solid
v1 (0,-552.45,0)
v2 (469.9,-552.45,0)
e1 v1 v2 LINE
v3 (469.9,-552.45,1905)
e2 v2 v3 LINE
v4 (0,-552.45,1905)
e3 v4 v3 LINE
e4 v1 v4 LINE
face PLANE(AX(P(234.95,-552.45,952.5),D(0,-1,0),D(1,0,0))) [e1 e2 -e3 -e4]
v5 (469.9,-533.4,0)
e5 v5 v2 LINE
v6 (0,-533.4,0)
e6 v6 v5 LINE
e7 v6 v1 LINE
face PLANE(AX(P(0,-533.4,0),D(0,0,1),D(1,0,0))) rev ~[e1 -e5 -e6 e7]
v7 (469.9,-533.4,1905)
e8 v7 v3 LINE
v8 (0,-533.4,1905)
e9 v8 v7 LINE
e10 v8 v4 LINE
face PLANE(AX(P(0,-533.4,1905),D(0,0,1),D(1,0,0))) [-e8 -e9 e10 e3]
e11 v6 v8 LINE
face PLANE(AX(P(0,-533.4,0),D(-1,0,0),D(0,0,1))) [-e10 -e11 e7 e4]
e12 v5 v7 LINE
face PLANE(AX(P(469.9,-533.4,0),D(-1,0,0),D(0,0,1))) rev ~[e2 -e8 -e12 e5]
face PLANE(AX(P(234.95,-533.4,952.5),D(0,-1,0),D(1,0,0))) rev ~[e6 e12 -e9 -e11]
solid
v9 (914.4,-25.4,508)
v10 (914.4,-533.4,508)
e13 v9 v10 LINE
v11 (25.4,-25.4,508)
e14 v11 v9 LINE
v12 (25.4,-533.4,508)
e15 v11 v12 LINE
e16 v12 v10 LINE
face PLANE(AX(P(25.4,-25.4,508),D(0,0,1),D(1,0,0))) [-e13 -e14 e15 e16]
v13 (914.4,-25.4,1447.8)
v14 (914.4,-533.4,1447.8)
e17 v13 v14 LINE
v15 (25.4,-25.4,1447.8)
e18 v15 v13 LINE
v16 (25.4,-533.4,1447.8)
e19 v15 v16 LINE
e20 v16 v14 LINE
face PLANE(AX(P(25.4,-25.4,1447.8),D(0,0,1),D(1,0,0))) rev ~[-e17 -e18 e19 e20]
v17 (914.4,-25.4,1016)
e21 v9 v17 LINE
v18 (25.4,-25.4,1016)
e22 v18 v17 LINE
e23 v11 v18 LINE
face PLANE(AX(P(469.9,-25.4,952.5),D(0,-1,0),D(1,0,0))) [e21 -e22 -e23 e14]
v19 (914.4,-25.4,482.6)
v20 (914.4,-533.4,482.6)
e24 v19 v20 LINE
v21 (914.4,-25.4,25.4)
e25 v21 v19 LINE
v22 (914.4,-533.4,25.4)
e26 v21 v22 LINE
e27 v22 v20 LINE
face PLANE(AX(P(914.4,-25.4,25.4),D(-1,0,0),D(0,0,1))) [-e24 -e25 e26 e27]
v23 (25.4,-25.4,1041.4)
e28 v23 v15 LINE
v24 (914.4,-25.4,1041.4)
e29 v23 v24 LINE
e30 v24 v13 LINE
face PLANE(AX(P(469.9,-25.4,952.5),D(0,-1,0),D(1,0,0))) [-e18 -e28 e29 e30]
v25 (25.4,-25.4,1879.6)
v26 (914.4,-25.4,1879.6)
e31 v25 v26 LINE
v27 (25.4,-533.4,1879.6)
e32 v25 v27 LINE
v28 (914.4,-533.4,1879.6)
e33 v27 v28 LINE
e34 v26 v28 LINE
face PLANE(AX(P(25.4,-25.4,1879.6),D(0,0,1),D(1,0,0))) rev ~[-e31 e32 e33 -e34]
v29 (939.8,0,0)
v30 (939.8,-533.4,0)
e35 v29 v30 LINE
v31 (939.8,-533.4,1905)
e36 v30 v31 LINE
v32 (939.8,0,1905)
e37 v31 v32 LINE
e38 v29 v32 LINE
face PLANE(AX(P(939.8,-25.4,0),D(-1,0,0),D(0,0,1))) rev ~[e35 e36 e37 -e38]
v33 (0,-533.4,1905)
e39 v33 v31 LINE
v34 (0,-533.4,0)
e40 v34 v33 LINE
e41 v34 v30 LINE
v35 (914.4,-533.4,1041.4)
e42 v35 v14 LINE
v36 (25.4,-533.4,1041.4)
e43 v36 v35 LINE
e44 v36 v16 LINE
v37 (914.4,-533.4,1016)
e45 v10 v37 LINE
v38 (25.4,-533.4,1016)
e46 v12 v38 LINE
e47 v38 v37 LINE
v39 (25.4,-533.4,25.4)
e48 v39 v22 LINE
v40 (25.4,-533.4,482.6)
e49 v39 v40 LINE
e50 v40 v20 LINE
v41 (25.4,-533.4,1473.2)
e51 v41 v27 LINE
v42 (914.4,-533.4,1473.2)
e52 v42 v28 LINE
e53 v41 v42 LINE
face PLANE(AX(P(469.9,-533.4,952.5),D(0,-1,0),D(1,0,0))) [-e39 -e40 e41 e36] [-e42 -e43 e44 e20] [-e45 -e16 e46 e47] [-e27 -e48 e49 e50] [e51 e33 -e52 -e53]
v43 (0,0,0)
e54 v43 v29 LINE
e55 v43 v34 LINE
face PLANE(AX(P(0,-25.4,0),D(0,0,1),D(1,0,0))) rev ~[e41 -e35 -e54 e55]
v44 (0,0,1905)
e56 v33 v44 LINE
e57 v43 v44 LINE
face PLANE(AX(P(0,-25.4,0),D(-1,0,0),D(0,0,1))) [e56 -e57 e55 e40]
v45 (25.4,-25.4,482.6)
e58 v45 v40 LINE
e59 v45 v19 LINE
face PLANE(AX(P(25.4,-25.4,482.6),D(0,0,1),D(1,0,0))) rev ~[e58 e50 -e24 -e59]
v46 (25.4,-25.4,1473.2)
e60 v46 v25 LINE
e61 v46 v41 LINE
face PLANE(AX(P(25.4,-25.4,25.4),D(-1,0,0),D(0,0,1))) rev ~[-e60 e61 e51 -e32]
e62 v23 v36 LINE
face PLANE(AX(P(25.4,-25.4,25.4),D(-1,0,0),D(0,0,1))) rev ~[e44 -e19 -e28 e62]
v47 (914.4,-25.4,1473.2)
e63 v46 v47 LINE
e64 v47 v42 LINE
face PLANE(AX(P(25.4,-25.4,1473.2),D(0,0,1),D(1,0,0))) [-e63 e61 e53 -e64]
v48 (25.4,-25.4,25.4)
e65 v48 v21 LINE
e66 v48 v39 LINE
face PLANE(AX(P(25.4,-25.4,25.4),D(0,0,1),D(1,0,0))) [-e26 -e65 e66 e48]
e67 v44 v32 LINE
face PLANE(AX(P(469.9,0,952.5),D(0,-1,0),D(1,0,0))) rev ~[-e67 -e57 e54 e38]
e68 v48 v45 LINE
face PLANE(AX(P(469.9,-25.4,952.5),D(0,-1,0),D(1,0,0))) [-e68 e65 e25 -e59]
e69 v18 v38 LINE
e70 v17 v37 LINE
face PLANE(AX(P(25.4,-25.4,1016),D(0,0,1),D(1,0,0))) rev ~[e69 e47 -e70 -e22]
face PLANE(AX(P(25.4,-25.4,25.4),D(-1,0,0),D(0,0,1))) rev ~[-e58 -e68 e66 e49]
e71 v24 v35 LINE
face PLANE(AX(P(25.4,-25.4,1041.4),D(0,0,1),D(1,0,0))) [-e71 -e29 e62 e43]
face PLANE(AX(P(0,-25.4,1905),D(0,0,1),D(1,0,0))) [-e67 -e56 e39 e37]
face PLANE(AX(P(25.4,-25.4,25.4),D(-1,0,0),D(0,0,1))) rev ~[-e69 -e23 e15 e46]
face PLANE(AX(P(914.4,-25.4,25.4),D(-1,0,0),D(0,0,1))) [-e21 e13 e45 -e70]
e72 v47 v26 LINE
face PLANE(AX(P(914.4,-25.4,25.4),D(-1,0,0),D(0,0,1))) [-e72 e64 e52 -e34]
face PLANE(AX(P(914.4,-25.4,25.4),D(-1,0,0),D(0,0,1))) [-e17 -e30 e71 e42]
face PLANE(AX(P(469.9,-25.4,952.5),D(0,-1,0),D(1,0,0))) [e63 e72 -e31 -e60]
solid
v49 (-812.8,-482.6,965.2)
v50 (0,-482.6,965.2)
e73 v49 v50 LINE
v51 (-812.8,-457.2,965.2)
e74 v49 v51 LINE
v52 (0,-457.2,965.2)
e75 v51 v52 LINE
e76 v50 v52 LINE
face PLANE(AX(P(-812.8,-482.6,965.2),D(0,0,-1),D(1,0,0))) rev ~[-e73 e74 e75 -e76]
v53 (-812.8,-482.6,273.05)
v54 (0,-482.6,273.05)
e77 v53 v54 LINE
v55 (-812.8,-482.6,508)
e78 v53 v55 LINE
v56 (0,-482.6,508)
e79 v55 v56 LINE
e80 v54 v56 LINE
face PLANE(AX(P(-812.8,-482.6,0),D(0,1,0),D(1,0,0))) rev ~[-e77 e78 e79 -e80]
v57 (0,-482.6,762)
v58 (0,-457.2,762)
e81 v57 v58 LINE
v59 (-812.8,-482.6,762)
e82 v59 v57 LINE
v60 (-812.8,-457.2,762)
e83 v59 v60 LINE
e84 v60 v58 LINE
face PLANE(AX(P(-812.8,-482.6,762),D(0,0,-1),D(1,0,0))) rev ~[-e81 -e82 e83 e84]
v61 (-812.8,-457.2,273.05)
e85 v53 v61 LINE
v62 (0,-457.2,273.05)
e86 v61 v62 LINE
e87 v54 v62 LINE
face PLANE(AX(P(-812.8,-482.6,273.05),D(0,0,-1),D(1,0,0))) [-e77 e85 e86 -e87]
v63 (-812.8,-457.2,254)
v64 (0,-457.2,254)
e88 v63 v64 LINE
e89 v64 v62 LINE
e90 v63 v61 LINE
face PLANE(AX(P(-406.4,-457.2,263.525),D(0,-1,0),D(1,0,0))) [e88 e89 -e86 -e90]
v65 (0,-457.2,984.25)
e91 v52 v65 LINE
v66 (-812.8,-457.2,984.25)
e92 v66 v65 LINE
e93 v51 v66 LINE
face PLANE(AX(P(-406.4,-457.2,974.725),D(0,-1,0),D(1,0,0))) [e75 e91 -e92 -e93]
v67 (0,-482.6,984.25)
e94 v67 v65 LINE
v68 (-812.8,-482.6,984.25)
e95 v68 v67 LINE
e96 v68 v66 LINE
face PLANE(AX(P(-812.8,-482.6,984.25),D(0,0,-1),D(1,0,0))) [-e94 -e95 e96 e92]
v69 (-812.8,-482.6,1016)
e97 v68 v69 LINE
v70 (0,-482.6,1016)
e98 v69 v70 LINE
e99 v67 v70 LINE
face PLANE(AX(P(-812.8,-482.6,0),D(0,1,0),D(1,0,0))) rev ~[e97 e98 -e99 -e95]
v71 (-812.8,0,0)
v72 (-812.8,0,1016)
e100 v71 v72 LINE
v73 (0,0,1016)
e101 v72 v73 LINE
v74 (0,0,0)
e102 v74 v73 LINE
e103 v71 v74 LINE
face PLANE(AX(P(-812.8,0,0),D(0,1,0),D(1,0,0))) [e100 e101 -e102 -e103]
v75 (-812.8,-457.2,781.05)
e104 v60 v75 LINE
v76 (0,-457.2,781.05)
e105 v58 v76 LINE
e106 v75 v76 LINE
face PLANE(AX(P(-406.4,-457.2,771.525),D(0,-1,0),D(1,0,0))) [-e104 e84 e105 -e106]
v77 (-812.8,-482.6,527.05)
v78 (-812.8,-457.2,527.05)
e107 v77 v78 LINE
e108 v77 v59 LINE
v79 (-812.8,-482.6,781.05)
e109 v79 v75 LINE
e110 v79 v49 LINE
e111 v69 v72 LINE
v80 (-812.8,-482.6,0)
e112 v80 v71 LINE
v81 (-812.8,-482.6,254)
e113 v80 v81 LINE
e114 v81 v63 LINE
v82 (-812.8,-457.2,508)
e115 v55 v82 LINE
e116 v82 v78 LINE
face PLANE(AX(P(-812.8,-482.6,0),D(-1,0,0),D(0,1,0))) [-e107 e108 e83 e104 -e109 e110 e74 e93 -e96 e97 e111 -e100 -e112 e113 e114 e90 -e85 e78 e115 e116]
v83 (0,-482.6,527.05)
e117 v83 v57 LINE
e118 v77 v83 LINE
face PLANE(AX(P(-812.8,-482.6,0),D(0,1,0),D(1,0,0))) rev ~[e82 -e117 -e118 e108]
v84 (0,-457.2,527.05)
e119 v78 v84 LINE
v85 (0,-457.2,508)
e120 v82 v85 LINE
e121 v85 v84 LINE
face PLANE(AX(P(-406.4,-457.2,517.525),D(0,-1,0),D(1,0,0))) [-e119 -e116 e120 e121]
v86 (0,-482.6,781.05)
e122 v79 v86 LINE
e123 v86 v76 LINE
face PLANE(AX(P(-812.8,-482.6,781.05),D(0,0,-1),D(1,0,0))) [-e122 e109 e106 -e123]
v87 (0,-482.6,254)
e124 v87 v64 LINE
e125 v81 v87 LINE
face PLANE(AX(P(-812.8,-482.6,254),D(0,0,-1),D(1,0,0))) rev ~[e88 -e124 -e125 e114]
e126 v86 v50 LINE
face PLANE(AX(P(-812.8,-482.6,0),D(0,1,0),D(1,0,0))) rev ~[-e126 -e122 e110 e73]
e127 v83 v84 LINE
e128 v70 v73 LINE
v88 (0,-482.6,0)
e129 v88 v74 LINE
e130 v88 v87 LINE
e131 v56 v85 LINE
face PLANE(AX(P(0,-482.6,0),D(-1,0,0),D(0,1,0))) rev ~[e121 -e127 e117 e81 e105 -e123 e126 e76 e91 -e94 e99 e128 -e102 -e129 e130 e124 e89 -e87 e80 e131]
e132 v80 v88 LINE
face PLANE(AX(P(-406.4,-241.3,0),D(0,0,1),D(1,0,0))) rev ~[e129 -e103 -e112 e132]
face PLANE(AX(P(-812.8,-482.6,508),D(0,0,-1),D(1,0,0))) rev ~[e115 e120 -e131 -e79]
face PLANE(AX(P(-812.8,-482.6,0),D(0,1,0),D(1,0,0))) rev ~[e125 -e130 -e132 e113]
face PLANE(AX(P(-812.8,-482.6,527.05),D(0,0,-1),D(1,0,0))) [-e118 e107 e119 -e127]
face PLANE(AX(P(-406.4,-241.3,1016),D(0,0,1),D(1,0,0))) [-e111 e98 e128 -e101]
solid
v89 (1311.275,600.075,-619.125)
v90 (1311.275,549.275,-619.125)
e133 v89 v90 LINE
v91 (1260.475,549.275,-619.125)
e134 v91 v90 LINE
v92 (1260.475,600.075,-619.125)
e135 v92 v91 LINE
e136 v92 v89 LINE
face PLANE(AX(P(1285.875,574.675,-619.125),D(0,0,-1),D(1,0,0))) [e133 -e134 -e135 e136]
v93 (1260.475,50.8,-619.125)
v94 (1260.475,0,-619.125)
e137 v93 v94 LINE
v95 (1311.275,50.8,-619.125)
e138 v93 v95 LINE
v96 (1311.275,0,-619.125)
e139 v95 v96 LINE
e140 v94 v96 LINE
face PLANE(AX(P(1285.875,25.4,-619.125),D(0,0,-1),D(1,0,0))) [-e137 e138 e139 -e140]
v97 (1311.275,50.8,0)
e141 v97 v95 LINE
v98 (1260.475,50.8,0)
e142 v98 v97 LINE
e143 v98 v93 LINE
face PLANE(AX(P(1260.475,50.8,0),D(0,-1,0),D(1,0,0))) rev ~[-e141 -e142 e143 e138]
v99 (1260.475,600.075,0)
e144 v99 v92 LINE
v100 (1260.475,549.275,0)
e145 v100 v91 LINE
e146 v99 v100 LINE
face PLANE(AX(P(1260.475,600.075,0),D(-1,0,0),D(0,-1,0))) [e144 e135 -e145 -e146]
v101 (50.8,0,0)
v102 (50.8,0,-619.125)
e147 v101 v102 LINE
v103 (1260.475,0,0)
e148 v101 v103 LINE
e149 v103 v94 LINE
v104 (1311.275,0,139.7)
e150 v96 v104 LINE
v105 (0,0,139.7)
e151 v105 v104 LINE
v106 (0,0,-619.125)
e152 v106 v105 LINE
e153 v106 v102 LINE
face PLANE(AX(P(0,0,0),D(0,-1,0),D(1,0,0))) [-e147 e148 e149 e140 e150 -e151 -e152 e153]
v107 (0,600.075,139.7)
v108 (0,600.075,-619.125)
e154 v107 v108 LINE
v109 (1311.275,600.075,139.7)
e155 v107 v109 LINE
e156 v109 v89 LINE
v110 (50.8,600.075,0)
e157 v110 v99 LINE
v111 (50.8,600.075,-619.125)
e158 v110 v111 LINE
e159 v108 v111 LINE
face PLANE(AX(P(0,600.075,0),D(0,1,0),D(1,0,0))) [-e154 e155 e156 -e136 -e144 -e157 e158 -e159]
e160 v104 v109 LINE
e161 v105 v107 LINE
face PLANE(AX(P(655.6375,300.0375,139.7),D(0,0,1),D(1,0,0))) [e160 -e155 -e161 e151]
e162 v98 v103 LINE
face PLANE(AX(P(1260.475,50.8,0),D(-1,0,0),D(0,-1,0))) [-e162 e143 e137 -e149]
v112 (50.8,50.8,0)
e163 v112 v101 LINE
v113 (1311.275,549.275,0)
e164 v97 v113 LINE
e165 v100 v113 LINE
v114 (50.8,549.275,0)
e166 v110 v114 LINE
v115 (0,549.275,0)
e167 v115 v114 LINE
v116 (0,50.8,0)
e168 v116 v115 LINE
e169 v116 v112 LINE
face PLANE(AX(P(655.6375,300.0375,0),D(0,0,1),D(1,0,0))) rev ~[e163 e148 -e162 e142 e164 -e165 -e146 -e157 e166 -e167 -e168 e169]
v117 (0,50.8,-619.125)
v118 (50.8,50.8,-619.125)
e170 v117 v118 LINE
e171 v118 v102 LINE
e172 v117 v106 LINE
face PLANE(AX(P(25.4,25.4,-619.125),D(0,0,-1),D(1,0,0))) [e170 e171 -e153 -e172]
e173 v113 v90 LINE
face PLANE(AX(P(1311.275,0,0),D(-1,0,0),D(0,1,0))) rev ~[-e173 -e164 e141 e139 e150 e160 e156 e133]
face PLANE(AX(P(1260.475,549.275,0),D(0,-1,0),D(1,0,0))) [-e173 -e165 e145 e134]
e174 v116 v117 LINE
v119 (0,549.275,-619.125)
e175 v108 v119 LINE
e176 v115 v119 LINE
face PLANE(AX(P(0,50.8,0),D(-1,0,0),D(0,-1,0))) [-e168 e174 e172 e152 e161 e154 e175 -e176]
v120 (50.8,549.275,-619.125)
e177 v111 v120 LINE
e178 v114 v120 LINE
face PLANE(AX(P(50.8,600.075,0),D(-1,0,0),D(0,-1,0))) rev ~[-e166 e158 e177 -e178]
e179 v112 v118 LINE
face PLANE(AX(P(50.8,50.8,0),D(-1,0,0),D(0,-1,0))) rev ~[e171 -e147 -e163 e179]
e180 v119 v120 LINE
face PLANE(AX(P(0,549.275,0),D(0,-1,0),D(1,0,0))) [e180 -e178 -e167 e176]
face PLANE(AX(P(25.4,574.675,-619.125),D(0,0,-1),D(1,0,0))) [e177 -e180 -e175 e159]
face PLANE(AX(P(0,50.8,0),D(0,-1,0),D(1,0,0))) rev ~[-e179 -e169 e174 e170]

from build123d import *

# Parameters (mm, degrees)
F0_W      = 939.8
F0_H      = 1905
F1_DEPTH  = 25.4
F2_W      = 939.8
F2_H      = 1905
F2_W_2    = 889
F2_H_2    = 1854.2
F3_DEPTH  = 508
F4_W      = 469.9
F4_H      = 1905
F5_DEPTH  = 19.05
F6_W      = 1311.275
F6_H      = 600.075
F7_DEPTH  = 139.7
F8_W      = 50.8
F8_H      = 50.8
F9_DEPTH  = 619.125
F10_W     = 889
F10_H     = 25.4
F11_DEPTH = 508
F12_W     = 812.8
F12_H     = 482.6
F13_DEPTH = 1016
F14_W     = 812.8
F14_H     = 19.05
F15_DEPTH = 25.4


with BuildPart() as f1:
    # F0 (on Front) → F1 (new body)
    with BuildSketch(Plane.XZ):
        with Locations((469.9, 952.5)):
            Rectangle(F0_W, F0_H)
    extrude(amount=F1_DEPTH)

    # F2 (on face) → F3 (join)
    with BuildSketch(Plane.XZ.offset(25.4)):
        with Locations((469.9, 952.5)):
            Rectangle(F2_W, F2_H)
        with Locations((469.9, 952.5)):
            Rectangle(F2_W_2, F2_H_2, mode=Mode.SUBTRACT)
    extrude(amount=F3_DEPTH)

    # F10 (on face) → F11 (join, through all)
    with BuildSketch(Plane.XZ.offset(25.4)):
        with Locations((469.9, 495.3)):
            Rectangle(F10_W, F10_H)
        with Locations((469.9, 1028.7)):
            Rectangle(F10_W, F10_H)
        with Locations((469.9, 1460.5)):
            Rectangle(F10_W, F10_H)
    extrude(amount=F11_DEPTH)


with BuildPart() as f5:
    # F4 (on face) → F5 (new body)
    with BuildSketch(Plane.XZ.offset(533.4)):
        with Locations((234.95, 952.5)):
            Rectangle(F4_W, F4_H)
    extrude(amount=F5_DEPTH)


with BuildPart() as f7:
    # F6 (on Top) → F7 (new body)
    with BuildSketch(Plane.XY):
        with Locations((655.6375, 300.0375)):
            Rectangle(F6_W, F6_H)
    extrude(amount=F7_DEPTH)

    # F8 (on face) → F9 (join)
    with BuildSketch(Plane(origin=(0, 0, 0), x_dir=(1, 0, 0), z_dir=(0, 0, -1))):
        with Locations((25.4, -25.4)):
            Rectangle(F8_W, F8_H)
        with Locations((25.4, -574.675)):
            Rectangle(F8_W, F8_H)
        with Locations((1285.875, -574.675)):
            Rectangle(F8_W, F8_H)
        with Locations((1285.875, -25.4)):
            Rectangle(F8_W, F8_H)
    extrude(amount=F9_DEPTH)


with BuildPart() as f13:
    # F12 (on Top) → F13 (new body)
    with BuildSketch(Plane.XY):
        with Locations((-406.4, -241.3)):
            Rectangle(F12_W, F12_H)
    extrude(amount=F13_DEPTH)

    # F14 (on face) → F15 (cut)
    with BuildSketch(Plane.XZ.offset(482.6)):
        with Locations((-406.4, 974.725)):
            Rectangle(F14_W, F14_H)
        with Locations((-406.4, 771.525)):
            Rectangle(F14_W, F14_H)
        with Locations((-406.4, 517.525)):
            Rectangle(F14_W, F14_H)
        with Locations((-406.4, 263.525)):
            Rectangle(F14_W, F14_H)
    extrude(amount=-F15_DEPTH, mode=Mode.SUBTRACT)


solid = Compound([f1.part, f5.part, f7.part, f13.part])
